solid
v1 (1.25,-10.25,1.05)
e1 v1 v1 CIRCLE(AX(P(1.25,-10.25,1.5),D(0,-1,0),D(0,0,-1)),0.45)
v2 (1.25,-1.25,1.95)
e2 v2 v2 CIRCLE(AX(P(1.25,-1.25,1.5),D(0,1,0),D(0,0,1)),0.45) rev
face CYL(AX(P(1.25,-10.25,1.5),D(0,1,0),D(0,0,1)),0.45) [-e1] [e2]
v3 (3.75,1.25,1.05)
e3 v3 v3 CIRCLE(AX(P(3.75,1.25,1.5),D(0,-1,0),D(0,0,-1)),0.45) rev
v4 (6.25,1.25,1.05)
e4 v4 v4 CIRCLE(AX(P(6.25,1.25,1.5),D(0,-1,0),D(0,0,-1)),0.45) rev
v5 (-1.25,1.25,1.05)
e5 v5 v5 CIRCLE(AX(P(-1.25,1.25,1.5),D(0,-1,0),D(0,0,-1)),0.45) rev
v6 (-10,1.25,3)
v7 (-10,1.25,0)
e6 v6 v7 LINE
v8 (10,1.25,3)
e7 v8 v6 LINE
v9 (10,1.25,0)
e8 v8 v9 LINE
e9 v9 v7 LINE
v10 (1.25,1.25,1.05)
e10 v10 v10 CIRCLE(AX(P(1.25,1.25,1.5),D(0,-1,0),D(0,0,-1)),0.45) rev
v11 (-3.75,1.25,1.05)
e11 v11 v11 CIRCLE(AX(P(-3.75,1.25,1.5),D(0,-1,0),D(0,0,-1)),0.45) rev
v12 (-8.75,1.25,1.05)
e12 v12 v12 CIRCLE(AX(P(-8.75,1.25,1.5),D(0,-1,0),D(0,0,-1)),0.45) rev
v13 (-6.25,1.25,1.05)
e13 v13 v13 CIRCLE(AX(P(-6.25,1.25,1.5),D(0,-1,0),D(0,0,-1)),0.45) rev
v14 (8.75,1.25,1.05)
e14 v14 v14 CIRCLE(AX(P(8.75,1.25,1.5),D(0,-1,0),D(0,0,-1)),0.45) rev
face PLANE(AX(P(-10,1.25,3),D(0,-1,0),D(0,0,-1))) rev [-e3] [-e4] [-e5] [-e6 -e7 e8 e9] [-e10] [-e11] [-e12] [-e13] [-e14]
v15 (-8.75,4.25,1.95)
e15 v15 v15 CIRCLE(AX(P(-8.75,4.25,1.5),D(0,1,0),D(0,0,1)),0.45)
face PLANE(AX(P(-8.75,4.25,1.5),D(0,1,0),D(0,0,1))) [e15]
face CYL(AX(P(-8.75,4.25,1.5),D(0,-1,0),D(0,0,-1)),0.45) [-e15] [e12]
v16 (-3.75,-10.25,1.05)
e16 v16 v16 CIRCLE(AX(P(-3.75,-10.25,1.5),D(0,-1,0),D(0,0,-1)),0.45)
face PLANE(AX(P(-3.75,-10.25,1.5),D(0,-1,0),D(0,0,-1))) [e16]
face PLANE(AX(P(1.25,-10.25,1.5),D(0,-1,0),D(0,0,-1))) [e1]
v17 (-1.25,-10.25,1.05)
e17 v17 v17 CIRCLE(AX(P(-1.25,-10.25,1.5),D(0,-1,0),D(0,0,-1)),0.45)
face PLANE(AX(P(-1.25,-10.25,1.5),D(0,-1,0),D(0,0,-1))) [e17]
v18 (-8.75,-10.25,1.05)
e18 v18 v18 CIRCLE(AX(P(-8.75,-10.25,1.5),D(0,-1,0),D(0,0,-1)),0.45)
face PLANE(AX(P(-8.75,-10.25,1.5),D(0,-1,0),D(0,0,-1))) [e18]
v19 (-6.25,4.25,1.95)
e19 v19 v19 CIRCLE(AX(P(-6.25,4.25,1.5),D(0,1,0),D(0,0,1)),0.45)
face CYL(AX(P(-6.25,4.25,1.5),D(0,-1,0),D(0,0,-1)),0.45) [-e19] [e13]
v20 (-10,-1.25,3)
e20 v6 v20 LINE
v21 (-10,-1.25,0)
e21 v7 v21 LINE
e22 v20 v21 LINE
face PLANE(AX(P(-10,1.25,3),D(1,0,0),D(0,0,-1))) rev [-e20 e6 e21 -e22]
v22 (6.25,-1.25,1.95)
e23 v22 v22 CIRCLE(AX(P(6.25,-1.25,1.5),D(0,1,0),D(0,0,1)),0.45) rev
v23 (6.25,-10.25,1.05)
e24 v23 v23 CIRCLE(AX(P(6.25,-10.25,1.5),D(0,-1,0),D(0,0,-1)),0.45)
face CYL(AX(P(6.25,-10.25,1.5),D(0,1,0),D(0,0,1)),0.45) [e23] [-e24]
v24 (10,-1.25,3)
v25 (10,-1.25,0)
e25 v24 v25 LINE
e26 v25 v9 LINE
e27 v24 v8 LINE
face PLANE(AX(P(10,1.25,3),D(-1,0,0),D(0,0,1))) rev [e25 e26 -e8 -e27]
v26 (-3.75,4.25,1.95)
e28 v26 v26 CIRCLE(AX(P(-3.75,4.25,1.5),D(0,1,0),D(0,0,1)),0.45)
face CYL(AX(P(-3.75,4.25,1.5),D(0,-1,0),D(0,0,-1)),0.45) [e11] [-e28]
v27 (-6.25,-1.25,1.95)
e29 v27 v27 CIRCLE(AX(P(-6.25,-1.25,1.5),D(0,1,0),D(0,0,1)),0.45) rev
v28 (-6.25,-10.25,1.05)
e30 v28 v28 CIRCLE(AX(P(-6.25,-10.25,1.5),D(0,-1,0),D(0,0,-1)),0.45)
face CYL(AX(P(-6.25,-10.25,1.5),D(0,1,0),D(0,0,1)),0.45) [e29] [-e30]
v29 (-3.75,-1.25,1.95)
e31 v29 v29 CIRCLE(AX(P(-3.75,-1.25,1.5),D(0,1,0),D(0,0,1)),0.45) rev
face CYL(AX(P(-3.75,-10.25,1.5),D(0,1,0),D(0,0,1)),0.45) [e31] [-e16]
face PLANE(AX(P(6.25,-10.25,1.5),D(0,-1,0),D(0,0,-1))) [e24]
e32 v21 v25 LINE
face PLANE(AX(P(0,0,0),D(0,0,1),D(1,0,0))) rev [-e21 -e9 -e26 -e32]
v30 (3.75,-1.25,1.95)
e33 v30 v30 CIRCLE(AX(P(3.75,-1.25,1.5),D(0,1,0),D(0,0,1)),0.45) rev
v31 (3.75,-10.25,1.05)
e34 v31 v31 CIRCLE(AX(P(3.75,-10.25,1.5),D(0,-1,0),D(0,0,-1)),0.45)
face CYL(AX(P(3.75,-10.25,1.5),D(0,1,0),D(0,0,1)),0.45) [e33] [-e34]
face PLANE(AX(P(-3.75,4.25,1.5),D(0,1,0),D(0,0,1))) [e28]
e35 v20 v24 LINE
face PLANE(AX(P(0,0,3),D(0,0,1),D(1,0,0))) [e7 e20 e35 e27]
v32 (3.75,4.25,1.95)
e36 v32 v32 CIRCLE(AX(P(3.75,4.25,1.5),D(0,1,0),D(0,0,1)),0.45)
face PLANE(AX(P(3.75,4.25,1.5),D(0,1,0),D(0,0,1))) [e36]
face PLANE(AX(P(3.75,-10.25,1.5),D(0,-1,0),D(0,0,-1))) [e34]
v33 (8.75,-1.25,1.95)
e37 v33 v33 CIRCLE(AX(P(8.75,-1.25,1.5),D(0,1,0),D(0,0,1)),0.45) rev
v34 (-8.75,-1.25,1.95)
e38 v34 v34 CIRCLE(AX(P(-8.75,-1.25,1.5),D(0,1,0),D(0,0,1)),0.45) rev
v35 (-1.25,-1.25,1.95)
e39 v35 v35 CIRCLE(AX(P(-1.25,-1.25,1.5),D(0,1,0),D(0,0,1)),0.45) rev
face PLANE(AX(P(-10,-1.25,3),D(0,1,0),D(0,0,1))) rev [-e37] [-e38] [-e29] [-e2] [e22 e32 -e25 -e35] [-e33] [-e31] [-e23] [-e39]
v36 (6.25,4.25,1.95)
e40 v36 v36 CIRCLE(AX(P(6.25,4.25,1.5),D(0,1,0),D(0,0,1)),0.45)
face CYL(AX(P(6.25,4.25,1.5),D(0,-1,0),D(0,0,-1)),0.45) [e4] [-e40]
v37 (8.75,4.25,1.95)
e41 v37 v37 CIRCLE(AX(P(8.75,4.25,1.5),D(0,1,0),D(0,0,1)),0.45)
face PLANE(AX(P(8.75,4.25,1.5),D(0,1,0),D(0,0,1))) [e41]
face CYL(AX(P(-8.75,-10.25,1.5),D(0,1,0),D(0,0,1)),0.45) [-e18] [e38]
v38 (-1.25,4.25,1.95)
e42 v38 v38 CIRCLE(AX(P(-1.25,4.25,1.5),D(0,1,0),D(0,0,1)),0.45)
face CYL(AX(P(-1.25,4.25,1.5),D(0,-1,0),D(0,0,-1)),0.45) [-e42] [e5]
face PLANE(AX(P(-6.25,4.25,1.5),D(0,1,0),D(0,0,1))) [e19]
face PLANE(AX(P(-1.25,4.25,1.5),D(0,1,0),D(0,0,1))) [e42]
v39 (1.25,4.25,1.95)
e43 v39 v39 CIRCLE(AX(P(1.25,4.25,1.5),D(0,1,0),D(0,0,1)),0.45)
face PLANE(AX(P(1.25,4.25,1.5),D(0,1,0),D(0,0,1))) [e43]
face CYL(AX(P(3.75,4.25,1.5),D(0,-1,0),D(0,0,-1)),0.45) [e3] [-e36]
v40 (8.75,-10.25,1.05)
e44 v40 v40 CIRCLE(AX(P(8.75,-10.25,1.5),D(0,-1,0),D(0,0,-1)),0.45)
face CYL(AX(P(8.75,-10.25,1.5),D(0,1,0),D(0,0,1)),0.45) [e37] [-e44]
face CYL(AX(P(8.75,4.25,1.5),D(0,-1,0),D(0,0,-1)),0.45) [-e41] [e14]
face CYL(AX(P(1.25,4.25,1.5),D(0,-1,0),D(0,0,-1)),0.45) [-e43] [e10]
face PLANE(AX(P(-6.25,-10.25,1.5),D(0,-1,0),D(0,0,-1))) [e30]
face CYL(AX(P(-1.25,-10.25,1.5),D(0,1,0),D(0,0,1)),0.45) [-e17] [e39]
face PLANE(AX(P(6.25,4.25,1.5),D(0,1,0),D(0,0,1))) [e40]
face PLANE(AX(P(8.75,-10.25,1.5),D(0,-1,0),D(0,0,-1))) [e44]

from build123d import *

# Parameters (mm, degrees)
CROQUIS1_W              = 20
CROQUIS1_H              = 2.5
SALIENTE_EXTRUIR1_DEPTH = 3
CROQUIS2_R              = 0.45
SALIENTE_EXTRUIR2_DEPTH = 3
CROQUIS3_R              = 0.45
SALIENTE_EXTRUIR3_DEPTH = 9


with BuildPart() as part:
    # Croquis1 → Saliente-Extruir1 (new body)
    with BuildSketch(Plane.XY):
        Rectangle(CROQUIS1_W, CROQUIS1_H)
    extrude(amount=SALIENTE_EXTRUIR1_DEPTH)

    # Croquis2 → Saliente-Extruir2 (add)
    with BuildSketch(Plane(origin=(0, 1.25, 0), x_dir=(1, 0, 0), z_dir=(0, 1, 0))):
        with Locations((-8.75, -1.5)):
            Circle(CROQUIS2_R)
        with Locations((-6.25, -1.5)):
            Circle(CROQUIS2_R)
        with Locations((-3.75, -1.5)):
            Circle(CROQUIS2_R)
        with Locations((-1.25, -1.5)):
            Circle(CROQUIS2_R)
        with Locations((1.25, -1.5)):
            Circle(CROQUIS2_R)
        with Locations((3.75, -1.5)):
            Circle(CROQUIS2_R)
        with Locations((6.25, -1.5)):
            Circle(CROQUIS2_R)
        with Locations((8.75, -1.5)):
            Circle(CROQUIS2_R)
    extrude(amount=SALIENTE_EXTRUIR2_DEPTH)

    # Croquis3 → Saliente-Extruir3 (add)
    with BuildSketch(Plane.XZ.offset(1.25)):
        with Locations((-8.75, 1.5)):
            Circle(CROQUIS3_R)
        with Locations((-6.25, 1.5)):
            Circle(CROQUIS3_R)
        with Locations((-3.75, 1.5)):
            Circle(CROQUIS3_R)
        with Locations((-1.25, 1.5)):
            Circle(CROQUIS3_R)
        with Locations((1.25, 1.5)):
            Circle(CROQUIS3_R)
        with Locations((3.75, 1.5)):
            Circle(CROQUIS3_R)
        with Locations((6.25, 1.5)):
            Circle(CROQUIS3_R)
        with Locations((8.75, 1.5)):
            Circle(CROQUIS3_R)
    extrude(amount=SALIENTE_EXTRUIR3_DEPTH)


solid = part.part
